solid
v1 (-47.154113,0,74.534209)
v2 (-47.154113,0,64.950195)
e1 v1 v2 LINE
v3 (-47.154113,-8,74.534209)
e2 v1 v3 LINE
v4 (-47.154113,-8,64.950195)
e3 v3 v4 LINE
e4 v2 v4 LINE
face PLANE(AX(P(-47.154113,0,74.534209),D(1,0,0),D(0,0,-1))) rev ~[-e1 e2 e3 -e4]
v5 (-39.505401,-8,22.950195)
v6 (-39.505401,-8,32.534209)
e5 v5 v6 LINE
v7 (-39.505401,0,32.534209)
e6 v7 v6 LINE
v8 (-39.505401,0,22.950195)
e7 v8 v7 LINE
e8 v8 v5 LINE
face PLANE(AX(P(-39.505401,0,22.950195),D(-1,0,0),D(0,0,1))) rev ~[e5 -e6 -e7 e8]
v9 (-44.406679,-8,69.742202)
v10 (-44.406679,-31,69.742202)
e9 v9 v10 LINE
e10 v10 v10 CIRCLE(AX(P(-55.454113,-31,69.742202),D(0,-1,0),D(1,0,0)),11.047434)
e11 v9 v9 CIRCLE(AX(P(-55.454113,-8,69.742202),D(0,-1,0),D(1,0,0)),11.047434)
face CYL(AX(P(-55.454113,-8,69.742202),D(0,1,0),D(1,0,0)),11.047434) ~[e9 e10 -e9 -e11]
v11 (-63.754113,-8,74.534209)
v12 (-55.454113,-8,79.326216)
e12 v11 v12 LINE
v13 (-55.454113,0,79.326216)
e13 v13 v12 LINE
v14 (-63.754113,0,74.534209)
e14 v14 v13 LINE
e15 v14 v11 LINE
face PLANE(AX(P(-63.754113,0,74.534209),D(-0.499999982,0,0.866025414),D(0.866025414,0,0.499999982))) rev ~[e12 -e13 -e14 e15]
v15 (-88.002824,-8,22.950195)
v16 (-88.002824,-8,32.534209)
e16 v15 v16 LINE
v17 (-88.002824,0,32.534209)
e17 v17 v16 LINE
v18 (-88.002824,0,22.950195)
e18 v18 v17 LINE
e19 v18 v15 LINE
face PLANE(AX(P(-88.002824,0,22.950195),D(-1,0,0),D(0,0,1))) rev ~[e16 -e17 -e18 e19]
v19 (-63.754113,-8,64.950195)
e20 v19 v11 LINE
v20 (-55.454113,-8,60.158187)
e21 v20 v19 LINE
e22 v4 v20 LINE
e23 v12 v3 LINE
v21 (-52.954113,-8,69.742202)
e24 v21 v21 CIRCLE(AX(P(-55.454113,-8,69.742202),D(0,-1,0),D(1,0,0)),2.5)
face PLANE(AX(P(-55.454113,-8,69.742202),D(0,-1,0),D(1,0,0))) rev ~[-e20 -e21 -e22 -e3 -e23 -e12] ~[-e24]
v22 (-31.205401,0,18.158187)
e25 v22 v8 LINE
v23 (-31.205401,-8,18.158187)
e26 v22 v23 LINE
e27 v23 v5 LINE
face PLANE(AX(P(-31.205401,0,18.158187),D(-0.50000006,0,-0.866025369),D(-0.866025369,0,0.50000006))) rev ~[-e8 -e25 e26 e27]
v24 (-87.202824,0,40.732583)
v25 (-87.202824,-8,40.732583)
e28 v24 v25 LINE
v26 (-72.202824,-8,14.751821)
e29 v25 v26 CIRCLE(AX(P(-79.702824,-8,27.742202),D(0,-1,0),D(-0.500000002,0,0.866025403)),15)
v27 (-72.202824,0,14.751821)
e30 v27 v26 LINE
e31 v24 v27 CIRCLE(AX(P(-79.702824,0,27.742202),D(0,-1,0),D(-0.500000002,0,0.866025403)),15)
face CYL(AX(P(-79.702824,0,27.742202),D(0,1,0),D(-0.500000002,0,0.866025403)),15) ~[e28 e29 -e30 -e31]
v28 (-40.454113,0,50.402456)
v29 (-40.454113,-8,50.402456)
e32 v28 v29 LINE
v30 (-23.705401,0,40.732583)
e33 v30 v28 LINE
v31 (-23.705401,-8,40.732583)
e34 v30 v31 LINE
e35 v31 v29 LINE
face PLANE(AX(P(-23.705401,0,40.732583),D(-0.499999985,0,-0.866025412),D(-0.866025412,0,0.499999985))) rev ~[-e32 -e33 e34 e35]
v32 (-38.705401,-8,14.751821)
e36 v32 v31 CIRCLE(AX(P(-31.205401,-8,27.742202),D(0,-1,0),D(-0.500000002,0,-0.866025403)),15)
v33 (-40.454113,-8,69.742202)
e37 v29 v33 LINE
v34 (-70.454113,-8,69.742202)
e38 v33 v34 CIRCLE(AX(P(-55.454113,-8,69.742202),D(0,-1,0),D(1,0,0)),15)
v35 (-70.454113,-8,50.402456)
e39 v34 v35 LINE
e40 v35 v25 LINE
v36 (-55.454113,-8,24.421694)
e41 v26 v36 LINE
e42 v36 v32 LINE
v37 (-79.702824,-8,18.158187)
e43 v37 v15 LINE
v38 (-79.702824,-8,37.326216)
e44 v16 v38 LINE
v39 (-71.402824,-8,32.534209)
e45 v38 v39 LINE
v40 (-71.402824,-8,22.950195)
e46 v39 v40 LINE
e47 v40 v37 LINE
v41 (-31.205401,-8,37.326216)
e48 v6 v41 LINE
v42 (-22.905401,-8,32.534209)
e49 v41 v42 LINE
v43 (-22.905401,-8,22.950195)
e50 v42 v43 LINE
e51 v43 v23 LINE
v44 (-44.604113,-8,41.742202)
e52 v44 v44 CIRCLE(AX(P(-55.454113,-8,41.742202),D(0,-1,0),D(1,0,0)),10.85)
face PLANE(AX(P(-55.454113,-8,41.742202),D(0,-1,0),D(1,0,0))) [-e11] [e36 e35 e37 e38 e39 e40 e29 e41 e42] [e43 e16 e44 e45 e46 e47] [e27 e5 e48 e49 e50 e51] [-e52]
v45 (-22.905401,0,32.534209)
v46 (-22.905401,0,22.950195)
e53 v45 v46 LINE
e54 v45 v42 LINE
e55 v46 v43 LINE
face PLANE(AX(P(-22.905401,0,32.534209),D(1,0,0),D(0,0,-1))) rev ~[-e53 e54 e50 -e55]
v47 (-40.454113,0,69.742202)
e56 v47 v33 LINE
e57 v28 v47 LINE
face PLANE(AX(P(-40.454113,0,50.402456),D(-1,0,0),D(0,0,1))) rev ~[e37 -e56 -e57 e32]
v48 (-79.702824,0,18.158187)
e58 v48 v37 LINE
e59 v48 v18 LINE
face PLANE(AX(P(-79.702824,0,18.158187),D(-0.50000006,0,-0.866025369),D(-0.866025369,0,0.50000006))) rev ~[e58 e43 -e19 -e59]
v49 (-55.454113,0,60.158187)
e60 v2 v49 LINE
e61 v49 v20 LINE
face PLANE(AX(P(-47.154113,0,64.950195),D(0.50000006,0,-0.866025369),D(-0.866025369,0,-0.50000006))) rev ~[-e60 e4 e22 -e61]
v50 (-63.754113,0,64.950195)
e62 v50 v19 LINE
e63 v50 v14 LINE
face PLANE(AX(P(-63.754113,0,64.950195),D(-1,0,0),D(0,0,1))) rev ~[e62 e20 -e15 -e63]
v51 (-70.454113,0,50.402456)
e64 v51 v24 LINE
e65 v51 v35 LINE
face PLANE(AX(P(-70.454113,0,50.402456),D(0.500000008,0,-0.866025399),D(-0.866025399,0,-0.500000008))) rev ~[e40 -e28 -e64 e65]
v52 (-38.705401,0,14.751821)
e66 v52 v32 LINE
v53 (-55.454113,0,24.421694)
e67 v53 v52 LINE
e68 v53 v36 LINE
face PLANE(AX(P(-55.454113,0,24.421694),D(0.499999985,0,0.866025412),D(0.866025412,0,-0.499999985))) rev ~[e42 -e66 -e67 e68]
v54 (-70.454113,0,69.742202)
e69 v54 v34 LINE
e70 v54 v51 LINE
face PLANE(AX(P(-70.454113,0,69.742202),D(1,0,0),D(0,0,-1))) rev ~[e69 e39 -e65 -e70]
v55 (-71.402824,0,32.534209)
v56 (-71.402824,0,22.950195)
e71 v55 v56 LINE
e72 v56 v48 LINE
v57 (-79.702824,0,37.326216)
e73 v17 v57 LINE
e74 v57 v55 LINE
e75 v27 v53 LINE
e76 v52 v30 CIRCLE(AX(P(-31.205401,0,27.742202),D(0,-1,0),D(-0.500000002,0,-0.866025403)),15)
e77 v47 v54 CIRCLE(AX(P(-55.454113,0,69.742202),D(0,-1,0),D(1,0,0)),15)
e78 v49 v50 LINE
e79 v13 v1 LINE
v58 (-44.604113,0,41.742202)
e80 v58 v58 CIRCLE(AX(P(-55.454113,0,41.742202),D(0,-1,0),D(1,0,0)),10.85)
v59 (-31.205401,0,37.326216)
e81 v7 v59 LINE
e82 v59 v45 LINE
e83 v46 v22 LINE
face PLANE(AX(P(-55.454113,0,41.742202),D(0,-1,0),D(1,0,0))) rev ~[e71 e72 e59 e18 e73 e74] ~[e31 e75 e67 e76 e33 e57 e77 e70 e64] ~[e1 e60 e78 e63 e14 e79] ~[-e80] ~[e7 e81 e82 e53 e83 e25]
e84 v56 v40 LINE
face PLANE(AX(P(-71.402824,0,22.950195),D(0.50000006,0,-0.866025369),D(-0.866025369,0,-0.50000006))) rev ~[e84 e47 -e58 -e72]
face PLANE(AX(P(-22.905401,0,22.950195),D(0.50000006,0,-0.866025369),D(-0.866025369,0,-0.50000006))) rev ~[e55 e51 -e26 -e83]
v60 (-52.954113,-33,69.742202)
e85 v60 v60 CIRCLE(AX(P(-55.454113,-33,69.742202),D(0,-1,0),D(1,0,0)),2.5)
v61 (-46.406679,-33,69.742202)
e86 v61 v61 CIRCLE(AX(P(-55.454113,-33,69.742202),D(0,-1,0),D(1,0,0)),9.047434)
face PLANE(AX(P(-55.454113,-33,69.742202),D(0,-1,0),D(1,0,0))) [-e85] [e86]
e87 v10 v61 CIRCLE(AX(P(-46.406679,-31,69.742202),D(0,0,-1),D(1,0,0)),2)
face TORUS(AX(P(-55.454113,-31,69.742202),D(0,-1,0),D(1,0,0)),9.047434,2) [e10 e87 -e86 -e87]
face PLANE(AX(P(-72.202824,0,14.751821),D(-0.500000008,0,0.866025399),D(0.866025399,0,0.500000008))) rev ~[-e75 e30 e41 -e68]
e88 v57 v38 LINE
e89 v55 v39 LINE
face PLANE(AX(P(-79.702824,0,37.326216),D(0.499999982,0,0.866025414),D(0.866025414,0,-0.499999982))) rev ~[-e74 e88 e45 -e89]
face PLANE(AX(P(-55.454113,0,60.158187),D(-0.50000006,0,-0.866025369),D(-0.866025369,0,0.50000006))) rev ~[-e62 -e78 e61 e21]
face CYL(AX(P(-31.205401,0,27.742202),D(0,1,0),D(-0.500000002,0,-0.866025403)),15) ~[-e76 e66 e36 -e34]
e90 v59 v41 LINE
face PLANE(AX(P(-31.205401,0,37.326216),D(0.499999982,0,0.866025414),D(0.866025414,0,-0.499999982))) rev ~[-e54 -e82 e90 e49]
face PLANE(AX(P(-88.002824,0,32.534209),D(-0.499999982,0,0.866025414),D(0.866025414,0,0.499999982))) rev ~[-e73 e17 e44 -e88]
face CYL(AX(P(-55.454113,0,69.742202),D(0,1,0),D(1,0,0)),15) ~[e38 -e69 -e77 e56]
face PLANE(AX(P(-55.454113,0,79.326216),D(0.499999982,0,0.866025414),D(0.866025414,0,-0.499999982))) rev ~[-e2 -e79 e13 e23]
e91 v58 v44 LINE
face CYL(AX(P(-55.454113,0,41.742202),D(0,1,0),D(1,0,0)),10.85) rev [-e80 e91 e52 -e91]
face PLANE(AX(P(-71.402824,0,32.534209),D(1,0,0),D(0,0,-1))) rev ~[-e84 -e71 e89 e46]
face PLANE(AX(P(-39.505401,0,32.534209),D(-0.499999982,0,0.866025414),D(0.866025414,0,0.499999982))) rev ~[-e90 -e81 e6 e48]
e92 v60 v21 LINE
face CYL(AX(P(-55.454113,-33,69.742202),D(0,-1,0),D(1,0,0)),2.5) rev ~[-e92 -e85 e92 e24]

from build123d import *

# Parameters (mm, degrees)
F0_R     = 10.85
F1_DEPTH = 8
F2_R     = 11.047434
F3_DEPTH = 25
F4_R     = 2
F5_R     = 2.5
F6_DEPTH = 25


with BuildPart() as f1:
    # F0 (on Front) → F1 (new body)
    with BuildSketch(Plane.XZ):
        with BuildLine():
            Line((-40.454113, 50.402456), (-40.454113, 69.742202))
            ThreePointArc((-40.454113, 69.742202), (-55.454113, 84.742202), (-70.454113, 69.742202))
            Line((-70.454113, 69.742202), (-70.454113, 50.402456))
            Line((-70.454113, 50.402456), (-87.202824, 40.732583))
            ThreePointArc((-87.202824, 40.732583), (-92.693205, 20.242202), (-72.202824, 14.751821))
            Line((-72.202824, 14.751821), (-55.454113, 24.421694))
            Line((-55.454113, 24.421694), (-38.705401, 14.751821))
            ThreePointArc((-38.705401, 14.751821), (-18.21502, 20.242202), (-23.705401, 40.732583))
            Line((-23.705401, 40.732583), (-40.454113, 50.402456))
        make_face()
        Polygon((-71.402824, 32.534209), (-71.402824, 22.950195), (-79.702824, 18.158187), (-88.002824, 22.950195), (-88.002824, 32.534209), (-79.702824, 37.326216), align=None, mode=Mode.SUBTRACT)
        Polygon((-39.505401, 32.534209), (-31.205401, 37.326216), (-22.905401, 32.534209), (-22.905401, 22.950195), (-31.205401, 18.158187), (-39.505401, 22.950195), align=None, mode=Mode.SUBTRACT)
        with Locations((-55.454113, 41.742202)):
            Circle(F0_R, mode=Mode.SUBTRACT)
        Polygon((-55.454113, 79.326216), (-47.154113, 74.534209), (-47.154113, 64.950195), (-55.454113, 60.158187), (-63.754113, 64.950195), (-63.754113, 74.534209), align=None, mode=Mode.SUBTRACT)
    extrude(amount=F1_DEPTH)

    # F2 (on face) → F3 (join)
    with BuildSketch(Plane.XZ.offset(8)):
        with Locations((-55.454113, 69.742202)):
            Circle(F2_R)
    extrude(amount=F3_DEPTH)

    # F4
    f4_edges = [f1.edges().sort_by_distance(p)[0] for p in [
        (-66.501547, -33, 69.742202),
    ]]
    fillet(f4_edges, radius=F4_R)

    # F5 (on face) → F6 (cut)
    with BuildSketch(Plane.XZ.offset(33)):
        with Locations((-55.454113, 69.742202)):
            Circle(F5_R)
    extrude(amount=-F6_DEPTH, mode=Mode.SUBTRACT)


solid = f1.part
